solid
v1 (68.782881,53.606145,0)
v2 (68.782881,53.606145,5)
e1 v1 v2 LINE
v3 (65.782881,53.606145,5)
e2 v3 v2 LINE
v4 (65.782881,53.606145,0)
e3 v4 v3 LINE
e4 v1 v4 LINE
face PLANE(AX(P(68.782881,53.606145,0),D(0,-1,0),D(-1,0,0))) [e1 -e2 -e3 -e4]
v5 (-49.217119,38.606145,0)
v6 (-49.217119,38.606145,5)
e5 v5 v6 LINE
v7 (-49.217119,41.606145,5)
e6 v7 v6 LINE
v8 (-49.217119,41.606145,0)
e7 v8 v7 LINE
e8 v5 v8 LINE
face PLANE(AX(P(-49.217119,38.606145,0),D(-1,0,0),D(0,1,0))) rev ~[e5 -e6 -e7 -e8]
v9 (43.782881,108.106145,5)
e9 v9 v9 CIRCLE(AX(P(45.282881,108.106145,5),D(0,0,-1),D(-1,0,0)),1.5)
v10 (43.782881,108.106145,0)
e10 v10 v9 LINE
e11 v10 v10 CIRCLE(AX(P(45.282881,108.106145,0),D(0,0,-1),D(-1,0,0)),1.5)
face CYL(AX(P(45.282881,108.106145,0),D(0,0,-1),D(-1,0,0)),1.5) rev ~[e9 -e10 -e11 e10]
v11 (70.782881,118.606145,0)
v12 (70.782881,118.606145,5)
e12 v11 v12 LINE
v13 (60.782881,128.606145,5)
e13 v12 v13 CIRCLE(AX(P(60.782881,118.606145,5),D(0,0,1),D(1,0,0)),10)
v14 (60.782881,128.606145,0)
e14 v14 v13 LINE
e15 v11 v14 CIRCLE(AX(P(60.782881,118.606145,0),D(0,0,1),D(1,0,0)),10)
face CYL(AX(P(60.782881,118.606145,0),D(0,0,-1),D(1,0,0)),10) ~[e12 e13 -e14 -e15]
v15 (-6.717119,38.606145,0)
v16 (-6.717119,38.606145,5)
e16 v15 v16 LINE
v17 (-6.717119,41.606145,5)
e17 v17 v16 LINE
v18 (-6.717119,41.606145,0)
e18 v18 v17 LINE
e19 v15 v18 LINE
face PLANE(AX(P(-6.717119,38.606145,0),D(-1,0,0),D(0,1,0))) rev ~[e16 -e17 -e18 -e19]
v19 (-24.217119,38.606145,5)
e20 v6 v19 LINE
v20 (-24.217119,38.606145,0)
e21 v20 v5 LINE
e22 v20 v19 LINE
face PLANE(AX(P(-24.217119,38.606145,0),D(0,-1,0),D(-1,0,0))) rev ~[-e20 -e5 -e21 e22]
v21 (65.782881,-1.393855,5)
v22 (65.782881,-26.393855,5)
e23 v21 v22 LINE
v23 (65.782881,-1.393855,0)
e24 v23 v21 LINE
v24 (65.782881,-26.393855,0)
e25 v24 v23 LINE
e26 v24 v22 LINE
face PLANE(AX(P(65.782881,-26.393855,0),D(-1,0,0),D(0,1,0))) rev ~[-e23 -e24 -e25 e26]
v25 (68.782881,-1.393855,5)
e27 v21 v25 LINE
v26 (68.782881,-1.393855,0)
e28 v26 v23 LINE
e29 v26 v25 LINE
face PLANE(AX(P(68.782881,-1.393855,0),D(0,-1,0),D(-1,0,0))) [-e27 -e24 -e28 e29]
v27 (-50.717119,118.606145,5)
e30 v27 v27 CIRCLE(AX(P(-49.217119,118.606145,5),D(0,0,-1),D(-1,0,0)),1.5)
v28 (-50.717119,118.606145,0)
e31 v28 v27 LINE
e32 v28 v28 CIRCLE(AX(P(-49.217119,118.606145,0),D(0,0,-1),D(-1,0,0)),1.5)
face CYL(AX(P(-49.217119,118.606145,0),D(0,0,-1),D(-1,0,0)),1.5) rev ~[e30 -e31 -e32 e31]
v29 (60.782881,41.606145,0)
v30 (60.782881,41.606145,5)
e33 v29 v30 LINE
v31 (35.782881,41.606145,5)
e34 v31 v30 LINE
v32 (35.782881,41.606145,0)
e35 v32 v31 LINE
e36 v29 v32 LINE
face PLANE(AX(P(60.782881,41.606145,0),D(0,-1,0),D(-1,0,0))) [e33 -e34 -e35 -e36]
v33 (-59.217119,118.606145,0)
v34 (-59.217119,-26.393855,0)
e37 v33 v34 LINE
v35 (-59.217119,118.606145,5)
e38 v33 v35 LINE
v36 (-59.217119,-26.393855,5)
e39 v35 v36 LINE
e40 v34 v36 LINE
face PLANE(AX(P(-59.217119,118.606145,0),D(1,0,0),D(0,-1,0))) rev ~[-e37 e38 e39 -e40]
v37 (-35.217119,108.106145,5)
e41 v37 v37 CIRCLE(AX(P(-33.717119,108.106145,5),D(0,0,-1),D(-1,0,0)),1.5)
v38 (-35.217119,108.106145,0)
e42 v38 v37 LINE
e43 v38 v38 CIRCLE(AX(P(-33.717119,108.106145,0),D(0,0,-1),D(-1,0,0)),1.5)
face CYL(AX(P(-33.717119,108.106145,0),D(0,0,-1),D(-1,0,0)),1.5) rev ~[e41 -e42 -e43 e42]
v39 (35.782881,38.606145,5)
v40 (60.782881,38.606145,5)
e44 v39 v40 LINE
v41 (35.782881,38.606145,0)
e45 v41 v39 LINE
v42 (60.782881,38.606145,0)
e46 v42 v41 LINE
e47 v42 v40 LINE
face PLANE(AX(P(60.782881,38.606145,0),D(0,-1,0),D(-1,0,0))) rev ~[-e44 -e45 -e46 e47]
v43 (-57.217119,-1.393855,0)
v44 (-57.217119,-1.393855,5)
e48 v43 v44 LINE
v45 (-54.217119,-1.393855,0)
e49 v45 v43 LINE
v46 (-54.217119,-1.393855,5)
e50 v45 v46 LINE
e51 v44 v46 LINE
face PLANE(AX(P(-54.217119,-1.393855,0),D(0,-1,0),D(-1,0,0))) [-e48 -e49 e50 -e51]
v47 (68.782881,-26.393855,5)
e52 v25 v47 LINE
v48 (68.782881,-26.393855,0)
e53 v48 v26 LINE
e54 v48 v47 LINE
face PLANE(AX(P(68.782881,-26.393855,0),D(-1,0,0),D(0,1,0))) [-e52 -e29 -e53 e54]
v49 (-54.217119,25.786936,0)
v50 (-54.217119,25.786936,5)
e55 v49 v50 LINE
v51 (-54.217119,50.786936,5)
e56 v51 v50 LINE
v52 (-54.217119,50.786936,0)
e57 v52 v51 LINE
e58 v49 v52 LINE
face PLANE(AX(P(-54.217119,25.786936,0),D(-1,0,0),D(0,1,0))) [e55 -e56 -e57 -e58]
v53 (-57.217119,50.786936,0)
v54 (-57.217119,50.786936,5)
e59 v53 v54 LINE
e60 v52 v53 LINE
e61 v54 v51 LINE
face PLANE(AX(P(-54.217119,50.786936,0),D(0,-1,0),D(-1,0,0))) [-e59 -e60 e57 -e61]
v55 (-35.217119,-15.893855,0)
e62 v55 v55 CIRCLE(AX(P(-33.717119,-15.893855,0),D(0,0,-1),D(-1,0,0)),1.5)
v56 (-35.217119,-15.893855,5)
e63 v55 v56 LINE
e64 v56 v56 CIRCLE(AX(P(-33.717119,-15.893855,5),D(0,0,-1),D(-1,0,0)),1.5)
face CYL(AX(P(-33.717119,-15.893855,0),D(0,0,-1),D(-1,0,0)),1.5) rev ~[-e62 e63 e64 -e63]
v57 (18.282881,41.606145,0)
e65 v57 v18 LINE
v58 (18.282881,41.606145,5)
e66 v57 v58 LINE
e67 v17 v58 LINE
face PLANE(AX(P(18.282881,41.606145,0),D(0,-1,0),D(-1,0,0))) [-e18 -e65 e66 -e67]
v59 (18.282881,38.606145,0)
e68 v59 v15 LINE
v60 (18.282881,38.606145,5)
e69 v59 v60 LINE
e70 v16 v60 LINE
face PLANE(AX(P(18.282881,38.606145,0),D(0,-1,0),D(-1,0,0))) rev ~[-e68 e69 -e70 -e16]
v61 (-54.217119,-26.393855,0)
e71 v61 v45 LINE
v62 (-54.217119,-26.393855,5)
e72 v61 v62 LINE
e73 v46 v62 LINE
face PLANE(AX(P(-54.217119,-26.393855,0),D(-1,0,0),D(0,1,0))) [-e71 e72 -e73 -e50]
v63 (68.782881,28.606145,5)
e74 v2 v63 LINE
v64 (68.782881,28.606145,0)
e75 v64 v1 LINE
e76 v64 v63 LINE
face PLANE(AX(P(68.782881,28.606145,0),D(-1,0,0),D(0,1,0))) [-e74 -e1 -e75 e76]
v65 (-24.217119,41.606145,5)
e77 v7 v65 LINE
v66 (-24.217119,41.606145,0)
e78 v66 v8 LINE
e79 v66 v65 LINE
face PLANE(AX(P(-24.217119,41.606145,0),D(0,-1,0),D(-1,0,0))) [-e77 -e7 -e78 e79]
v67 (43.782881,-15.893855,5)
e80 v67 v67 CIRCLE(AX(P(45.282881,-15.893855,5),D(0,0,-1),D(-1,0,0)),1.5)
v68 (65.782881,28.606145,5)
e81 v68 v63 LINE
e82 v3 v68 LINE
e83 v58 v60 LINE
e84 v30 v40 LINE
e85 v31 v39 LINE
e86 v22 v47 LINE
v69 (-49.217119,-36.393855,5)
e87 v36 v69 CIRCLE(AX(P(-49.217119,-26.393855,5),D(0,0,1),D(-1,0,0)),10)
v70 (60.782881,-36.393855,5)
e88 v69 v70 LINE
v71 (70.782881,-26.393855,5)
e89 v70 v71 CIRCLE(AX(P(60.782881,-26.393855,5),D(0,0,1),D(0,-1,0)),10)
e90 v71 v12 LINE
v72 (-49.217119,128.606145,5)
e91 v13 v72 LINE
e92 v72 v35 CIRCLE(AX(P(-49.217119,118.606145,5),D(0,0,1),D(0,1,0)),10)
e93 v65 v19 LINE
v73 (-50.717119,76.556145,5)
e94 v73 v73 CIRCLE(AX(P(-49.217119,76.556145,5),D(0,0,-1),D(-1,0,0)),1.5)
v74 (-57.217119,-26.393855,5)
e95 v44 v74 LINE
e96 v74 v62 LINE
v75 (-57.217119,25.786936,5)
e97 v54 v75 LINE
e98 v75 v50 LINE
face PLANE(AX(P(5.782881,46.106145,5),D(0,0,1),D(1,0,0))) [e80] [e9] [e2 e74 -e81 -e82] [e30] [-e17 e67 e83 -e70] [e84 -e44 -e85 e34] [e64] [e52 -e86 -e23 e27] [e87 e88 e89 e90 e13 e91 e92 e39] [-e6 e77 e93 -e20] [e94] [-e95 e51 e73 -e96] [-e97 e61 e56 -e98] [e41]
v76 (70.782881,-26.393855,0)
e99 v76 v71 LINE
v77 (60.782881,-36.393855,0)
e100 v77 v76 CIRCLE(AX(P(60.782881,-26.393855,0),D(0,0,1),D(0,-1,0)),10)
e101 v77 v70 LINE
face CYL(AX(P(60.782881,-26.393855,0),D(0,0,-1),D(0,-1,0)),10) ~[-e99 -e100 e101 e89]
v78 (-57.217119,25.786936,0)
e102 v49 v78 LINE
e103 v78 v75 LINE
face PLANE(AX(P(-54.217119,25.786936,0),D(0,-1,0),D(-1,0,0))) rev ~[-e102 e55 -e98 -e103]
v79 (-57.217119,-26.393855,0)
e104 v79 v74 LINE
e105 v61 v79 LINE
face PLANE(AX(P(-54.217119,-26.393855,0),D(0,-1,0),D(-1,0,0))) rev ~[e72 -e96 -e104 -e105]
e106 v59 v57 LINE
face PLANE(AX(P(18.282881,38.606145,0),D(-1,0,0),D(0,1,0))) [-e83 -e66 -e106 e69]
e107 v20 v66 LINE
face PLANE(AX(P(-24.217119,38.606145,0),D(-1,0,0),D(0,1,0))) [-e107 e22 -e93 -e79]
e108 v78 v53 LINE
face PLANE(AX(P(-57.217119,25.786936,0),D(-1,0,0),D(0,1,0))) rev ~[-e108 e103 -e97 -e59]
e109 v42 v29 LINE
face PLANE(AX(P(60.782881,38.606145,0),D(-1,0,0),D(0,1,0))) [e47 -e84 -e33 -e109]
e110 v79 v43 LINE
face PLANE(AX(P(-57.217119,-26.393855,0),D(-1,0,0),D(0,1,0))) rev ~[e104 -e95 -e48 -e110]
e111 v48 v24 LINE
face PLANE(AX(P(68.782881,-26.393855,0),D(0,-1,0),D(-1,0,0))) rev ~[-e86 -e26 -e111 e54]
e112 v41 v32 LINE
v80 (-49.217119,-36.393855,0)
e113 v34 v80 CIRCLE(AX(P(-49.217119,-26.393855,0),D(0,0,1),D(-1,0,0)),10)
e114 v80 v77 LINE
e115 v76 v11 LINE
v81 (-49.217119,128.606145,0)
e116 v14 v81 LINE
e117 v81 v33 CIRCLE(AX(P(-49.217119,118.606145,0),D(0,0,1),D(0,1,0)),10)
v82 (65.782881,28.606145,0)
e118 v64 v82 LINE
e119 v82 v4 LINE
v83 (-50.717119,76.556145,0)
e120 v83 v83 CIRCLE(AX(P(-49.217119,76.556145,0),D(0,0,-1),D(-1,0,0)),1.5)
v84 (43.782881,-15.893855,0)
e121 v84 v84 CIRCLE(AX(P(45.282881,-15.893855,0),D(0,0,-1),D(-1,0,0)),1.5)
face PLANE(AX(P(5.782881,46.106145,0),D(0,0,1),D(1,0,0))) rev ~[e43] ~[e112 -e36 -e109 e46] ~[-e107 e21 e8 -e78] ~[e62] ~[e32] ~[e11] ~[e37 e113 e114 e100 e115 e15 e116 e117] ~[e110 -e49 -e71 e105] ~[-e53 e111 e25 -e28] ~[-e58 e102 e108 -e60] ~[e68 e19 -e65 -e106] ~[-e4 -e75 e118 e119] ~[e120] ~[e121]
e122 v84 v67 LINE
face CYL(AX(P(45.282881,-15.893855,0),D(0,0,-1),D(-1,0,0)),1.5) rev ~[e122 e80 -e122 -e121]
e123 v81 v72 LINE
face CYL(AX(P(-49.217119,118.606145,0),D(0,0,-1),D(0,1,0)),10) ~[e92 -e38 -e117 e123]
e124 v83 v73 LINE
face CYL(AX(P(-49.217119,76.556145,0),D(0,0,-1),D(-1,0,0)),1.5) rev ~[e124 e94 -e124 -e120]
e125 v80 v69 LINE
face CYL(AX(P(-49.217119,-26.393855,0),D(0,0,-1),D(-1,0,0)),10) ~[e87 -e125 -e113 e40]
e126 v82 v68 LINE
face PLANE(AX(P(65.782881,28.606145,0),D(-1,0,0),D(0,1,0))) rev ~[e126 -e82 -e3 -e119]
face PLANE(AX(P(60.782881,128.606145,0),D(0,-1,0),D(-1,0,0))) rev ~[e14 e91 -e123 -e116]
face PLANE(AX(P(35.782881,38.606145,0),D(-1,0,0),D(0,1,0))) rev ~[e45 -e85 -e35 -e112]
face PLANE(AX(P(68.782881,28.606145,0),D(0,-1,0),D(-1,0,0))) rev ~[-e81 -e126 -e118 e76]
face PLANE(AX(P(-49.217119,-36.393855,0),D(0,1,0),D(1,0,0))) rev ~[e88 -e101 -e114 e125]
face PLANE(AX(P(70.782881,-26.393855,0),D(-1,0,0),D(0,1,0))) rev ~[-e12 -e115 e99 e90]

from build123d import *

# Parameters (mm, degrees)
RESSALTO_EXTRUS_O1_DEPTH = 5
ESBO_O2_R                = 1.5
CORTE_EXTRUS_O1_DEPTH    = 5
ESBO_O3_R                = 1.5
CORTE_EXTRUS_O2_DEPTH    = 6
ESBO_O6_W                = 3
ESBO_O6_H                = 25
ESBO_O6_W_2              = 25
ESBO_O6_H_2              = 3
CORTE_EXTRUS_O4_DEPTH    = 6


with BuildPart() as part:
    # Esboço1 → Ressalto-extrusão1 (new body)
    with BuildSketch(Plane.XY):
        with BuildLine():
            Line((-49.217119449, -36.393854661), (60.782880551, -36.393854661))
            ThreePointArc((60.782880551, -36.393854661), (67.853948363, -33.464922473), (70.782880551, -26.393854661))
            Line((70.782880551, -26.393854661), (70.782880551, 118.606145339))
            ThreePointArc((70.782880551, 118.606145339), (67.853948363, 125.67721315), (60.782880551, 128.606145339))
            Line((60.782880551, 128.606145339), (-49.217119449, 128.606145339))
            ThreePointArc((-49.217119449, 128.606145339), (-56.288187261, 125.67721315), (-59.217119449, 118.606145339))
            Line((-59.217119449, 118.606145339), (-59.217119449, -26.393854661))
            ThreePointArc((-59.217119449, -26.393854661), (-56.288187261, -33.464922473), (-49.217119449, -36.393854661))
        make_face()
    extrude(amount=RESSALTO_EXTRUS_O1_DEPTH)

    # Esboço2 → Corte-extrusão1 (cut)
    with BuildSketch(Plane(origin=(0, 0, 0), x_dir=(-1, 0, 0), z_dir=(0, 0, -1))):
        with Locations((33.717119449, -15.893854661)):
            Circle(ESBO_O2_R)
        with Locations((33.717119449, 108.106145339)):
            Circle(ESBO_O2_R)
        with Locations((-45.282880551, -15.893854661)):
            Circle(ESBO_O2_R)
        with Locations((-45.282880551, 108.106145339)):
            Circle(ESBO_O2_R)
    extrude(amount=-CORTE_EXTRUS_O1_DEPTH, mode=Mode.SUBTRACT)

    # Esboço3 → Corte-extrusão2 (cut, through all)
    with BuildSketch(Plane(origin=(0, 0, 0), x_dir=(-1, 0, 0), z_dir=(0, 0, -1))):
        with Locations((49.217119449, 118.606145339)):
            Circle(ESBO_O3_R)
        with Locations((49.217119449, 76.556145339)):
            Circle(ESBO_O3_R)
    extrude(amount=-CORTE_EXTRUS_O2_DEPTH, mode=Mode.SUBTRACT)

    # Esboço6 → Corte-extrusão4 (cut, through all)
    with BuildSketch(Plane(origin=(0, 0, 0), x_dir=(-1, 0, 0), z_dir=(0, 0, -1))):
        with Locations((-67.282880551, -13.893854661)):
            Rectangle(ESBO_O6_W, ESBO_O6_H)
        with Locations((-67.282880551, 41.106145339)):
            Rectangle(ESBO_O6_W, ESBO_O6_H)
        with Locations((-48.282880551, 40.106145339)):
            Rectangle(ESBO_O6_W_2, ESBO_O6_H_2)
        with Locations((36.717119449, 40.106145339)):
            Rectangle(ESBO_O6_W_2, ESBO_O6_H_2)
        with Locations((55.717119449, 38.28693606)):
            Rectangle(ESBO_O6_W, ESBO_O6_H)
        with Locations((55.717119449, -13.893854661)):
            Rectangle(ESBO_O6_W, ESBO_O6_H)
        with Locations((-5.782880551, 40.106145339)):
            Rectangle(ESBO_O6_W_2, ESBO_O6_H_2)
    extrude(amount=-CORTE_EXTRUS_O4_DEPTH, mode=Mode.SUBTRACT)


solid = part.part
